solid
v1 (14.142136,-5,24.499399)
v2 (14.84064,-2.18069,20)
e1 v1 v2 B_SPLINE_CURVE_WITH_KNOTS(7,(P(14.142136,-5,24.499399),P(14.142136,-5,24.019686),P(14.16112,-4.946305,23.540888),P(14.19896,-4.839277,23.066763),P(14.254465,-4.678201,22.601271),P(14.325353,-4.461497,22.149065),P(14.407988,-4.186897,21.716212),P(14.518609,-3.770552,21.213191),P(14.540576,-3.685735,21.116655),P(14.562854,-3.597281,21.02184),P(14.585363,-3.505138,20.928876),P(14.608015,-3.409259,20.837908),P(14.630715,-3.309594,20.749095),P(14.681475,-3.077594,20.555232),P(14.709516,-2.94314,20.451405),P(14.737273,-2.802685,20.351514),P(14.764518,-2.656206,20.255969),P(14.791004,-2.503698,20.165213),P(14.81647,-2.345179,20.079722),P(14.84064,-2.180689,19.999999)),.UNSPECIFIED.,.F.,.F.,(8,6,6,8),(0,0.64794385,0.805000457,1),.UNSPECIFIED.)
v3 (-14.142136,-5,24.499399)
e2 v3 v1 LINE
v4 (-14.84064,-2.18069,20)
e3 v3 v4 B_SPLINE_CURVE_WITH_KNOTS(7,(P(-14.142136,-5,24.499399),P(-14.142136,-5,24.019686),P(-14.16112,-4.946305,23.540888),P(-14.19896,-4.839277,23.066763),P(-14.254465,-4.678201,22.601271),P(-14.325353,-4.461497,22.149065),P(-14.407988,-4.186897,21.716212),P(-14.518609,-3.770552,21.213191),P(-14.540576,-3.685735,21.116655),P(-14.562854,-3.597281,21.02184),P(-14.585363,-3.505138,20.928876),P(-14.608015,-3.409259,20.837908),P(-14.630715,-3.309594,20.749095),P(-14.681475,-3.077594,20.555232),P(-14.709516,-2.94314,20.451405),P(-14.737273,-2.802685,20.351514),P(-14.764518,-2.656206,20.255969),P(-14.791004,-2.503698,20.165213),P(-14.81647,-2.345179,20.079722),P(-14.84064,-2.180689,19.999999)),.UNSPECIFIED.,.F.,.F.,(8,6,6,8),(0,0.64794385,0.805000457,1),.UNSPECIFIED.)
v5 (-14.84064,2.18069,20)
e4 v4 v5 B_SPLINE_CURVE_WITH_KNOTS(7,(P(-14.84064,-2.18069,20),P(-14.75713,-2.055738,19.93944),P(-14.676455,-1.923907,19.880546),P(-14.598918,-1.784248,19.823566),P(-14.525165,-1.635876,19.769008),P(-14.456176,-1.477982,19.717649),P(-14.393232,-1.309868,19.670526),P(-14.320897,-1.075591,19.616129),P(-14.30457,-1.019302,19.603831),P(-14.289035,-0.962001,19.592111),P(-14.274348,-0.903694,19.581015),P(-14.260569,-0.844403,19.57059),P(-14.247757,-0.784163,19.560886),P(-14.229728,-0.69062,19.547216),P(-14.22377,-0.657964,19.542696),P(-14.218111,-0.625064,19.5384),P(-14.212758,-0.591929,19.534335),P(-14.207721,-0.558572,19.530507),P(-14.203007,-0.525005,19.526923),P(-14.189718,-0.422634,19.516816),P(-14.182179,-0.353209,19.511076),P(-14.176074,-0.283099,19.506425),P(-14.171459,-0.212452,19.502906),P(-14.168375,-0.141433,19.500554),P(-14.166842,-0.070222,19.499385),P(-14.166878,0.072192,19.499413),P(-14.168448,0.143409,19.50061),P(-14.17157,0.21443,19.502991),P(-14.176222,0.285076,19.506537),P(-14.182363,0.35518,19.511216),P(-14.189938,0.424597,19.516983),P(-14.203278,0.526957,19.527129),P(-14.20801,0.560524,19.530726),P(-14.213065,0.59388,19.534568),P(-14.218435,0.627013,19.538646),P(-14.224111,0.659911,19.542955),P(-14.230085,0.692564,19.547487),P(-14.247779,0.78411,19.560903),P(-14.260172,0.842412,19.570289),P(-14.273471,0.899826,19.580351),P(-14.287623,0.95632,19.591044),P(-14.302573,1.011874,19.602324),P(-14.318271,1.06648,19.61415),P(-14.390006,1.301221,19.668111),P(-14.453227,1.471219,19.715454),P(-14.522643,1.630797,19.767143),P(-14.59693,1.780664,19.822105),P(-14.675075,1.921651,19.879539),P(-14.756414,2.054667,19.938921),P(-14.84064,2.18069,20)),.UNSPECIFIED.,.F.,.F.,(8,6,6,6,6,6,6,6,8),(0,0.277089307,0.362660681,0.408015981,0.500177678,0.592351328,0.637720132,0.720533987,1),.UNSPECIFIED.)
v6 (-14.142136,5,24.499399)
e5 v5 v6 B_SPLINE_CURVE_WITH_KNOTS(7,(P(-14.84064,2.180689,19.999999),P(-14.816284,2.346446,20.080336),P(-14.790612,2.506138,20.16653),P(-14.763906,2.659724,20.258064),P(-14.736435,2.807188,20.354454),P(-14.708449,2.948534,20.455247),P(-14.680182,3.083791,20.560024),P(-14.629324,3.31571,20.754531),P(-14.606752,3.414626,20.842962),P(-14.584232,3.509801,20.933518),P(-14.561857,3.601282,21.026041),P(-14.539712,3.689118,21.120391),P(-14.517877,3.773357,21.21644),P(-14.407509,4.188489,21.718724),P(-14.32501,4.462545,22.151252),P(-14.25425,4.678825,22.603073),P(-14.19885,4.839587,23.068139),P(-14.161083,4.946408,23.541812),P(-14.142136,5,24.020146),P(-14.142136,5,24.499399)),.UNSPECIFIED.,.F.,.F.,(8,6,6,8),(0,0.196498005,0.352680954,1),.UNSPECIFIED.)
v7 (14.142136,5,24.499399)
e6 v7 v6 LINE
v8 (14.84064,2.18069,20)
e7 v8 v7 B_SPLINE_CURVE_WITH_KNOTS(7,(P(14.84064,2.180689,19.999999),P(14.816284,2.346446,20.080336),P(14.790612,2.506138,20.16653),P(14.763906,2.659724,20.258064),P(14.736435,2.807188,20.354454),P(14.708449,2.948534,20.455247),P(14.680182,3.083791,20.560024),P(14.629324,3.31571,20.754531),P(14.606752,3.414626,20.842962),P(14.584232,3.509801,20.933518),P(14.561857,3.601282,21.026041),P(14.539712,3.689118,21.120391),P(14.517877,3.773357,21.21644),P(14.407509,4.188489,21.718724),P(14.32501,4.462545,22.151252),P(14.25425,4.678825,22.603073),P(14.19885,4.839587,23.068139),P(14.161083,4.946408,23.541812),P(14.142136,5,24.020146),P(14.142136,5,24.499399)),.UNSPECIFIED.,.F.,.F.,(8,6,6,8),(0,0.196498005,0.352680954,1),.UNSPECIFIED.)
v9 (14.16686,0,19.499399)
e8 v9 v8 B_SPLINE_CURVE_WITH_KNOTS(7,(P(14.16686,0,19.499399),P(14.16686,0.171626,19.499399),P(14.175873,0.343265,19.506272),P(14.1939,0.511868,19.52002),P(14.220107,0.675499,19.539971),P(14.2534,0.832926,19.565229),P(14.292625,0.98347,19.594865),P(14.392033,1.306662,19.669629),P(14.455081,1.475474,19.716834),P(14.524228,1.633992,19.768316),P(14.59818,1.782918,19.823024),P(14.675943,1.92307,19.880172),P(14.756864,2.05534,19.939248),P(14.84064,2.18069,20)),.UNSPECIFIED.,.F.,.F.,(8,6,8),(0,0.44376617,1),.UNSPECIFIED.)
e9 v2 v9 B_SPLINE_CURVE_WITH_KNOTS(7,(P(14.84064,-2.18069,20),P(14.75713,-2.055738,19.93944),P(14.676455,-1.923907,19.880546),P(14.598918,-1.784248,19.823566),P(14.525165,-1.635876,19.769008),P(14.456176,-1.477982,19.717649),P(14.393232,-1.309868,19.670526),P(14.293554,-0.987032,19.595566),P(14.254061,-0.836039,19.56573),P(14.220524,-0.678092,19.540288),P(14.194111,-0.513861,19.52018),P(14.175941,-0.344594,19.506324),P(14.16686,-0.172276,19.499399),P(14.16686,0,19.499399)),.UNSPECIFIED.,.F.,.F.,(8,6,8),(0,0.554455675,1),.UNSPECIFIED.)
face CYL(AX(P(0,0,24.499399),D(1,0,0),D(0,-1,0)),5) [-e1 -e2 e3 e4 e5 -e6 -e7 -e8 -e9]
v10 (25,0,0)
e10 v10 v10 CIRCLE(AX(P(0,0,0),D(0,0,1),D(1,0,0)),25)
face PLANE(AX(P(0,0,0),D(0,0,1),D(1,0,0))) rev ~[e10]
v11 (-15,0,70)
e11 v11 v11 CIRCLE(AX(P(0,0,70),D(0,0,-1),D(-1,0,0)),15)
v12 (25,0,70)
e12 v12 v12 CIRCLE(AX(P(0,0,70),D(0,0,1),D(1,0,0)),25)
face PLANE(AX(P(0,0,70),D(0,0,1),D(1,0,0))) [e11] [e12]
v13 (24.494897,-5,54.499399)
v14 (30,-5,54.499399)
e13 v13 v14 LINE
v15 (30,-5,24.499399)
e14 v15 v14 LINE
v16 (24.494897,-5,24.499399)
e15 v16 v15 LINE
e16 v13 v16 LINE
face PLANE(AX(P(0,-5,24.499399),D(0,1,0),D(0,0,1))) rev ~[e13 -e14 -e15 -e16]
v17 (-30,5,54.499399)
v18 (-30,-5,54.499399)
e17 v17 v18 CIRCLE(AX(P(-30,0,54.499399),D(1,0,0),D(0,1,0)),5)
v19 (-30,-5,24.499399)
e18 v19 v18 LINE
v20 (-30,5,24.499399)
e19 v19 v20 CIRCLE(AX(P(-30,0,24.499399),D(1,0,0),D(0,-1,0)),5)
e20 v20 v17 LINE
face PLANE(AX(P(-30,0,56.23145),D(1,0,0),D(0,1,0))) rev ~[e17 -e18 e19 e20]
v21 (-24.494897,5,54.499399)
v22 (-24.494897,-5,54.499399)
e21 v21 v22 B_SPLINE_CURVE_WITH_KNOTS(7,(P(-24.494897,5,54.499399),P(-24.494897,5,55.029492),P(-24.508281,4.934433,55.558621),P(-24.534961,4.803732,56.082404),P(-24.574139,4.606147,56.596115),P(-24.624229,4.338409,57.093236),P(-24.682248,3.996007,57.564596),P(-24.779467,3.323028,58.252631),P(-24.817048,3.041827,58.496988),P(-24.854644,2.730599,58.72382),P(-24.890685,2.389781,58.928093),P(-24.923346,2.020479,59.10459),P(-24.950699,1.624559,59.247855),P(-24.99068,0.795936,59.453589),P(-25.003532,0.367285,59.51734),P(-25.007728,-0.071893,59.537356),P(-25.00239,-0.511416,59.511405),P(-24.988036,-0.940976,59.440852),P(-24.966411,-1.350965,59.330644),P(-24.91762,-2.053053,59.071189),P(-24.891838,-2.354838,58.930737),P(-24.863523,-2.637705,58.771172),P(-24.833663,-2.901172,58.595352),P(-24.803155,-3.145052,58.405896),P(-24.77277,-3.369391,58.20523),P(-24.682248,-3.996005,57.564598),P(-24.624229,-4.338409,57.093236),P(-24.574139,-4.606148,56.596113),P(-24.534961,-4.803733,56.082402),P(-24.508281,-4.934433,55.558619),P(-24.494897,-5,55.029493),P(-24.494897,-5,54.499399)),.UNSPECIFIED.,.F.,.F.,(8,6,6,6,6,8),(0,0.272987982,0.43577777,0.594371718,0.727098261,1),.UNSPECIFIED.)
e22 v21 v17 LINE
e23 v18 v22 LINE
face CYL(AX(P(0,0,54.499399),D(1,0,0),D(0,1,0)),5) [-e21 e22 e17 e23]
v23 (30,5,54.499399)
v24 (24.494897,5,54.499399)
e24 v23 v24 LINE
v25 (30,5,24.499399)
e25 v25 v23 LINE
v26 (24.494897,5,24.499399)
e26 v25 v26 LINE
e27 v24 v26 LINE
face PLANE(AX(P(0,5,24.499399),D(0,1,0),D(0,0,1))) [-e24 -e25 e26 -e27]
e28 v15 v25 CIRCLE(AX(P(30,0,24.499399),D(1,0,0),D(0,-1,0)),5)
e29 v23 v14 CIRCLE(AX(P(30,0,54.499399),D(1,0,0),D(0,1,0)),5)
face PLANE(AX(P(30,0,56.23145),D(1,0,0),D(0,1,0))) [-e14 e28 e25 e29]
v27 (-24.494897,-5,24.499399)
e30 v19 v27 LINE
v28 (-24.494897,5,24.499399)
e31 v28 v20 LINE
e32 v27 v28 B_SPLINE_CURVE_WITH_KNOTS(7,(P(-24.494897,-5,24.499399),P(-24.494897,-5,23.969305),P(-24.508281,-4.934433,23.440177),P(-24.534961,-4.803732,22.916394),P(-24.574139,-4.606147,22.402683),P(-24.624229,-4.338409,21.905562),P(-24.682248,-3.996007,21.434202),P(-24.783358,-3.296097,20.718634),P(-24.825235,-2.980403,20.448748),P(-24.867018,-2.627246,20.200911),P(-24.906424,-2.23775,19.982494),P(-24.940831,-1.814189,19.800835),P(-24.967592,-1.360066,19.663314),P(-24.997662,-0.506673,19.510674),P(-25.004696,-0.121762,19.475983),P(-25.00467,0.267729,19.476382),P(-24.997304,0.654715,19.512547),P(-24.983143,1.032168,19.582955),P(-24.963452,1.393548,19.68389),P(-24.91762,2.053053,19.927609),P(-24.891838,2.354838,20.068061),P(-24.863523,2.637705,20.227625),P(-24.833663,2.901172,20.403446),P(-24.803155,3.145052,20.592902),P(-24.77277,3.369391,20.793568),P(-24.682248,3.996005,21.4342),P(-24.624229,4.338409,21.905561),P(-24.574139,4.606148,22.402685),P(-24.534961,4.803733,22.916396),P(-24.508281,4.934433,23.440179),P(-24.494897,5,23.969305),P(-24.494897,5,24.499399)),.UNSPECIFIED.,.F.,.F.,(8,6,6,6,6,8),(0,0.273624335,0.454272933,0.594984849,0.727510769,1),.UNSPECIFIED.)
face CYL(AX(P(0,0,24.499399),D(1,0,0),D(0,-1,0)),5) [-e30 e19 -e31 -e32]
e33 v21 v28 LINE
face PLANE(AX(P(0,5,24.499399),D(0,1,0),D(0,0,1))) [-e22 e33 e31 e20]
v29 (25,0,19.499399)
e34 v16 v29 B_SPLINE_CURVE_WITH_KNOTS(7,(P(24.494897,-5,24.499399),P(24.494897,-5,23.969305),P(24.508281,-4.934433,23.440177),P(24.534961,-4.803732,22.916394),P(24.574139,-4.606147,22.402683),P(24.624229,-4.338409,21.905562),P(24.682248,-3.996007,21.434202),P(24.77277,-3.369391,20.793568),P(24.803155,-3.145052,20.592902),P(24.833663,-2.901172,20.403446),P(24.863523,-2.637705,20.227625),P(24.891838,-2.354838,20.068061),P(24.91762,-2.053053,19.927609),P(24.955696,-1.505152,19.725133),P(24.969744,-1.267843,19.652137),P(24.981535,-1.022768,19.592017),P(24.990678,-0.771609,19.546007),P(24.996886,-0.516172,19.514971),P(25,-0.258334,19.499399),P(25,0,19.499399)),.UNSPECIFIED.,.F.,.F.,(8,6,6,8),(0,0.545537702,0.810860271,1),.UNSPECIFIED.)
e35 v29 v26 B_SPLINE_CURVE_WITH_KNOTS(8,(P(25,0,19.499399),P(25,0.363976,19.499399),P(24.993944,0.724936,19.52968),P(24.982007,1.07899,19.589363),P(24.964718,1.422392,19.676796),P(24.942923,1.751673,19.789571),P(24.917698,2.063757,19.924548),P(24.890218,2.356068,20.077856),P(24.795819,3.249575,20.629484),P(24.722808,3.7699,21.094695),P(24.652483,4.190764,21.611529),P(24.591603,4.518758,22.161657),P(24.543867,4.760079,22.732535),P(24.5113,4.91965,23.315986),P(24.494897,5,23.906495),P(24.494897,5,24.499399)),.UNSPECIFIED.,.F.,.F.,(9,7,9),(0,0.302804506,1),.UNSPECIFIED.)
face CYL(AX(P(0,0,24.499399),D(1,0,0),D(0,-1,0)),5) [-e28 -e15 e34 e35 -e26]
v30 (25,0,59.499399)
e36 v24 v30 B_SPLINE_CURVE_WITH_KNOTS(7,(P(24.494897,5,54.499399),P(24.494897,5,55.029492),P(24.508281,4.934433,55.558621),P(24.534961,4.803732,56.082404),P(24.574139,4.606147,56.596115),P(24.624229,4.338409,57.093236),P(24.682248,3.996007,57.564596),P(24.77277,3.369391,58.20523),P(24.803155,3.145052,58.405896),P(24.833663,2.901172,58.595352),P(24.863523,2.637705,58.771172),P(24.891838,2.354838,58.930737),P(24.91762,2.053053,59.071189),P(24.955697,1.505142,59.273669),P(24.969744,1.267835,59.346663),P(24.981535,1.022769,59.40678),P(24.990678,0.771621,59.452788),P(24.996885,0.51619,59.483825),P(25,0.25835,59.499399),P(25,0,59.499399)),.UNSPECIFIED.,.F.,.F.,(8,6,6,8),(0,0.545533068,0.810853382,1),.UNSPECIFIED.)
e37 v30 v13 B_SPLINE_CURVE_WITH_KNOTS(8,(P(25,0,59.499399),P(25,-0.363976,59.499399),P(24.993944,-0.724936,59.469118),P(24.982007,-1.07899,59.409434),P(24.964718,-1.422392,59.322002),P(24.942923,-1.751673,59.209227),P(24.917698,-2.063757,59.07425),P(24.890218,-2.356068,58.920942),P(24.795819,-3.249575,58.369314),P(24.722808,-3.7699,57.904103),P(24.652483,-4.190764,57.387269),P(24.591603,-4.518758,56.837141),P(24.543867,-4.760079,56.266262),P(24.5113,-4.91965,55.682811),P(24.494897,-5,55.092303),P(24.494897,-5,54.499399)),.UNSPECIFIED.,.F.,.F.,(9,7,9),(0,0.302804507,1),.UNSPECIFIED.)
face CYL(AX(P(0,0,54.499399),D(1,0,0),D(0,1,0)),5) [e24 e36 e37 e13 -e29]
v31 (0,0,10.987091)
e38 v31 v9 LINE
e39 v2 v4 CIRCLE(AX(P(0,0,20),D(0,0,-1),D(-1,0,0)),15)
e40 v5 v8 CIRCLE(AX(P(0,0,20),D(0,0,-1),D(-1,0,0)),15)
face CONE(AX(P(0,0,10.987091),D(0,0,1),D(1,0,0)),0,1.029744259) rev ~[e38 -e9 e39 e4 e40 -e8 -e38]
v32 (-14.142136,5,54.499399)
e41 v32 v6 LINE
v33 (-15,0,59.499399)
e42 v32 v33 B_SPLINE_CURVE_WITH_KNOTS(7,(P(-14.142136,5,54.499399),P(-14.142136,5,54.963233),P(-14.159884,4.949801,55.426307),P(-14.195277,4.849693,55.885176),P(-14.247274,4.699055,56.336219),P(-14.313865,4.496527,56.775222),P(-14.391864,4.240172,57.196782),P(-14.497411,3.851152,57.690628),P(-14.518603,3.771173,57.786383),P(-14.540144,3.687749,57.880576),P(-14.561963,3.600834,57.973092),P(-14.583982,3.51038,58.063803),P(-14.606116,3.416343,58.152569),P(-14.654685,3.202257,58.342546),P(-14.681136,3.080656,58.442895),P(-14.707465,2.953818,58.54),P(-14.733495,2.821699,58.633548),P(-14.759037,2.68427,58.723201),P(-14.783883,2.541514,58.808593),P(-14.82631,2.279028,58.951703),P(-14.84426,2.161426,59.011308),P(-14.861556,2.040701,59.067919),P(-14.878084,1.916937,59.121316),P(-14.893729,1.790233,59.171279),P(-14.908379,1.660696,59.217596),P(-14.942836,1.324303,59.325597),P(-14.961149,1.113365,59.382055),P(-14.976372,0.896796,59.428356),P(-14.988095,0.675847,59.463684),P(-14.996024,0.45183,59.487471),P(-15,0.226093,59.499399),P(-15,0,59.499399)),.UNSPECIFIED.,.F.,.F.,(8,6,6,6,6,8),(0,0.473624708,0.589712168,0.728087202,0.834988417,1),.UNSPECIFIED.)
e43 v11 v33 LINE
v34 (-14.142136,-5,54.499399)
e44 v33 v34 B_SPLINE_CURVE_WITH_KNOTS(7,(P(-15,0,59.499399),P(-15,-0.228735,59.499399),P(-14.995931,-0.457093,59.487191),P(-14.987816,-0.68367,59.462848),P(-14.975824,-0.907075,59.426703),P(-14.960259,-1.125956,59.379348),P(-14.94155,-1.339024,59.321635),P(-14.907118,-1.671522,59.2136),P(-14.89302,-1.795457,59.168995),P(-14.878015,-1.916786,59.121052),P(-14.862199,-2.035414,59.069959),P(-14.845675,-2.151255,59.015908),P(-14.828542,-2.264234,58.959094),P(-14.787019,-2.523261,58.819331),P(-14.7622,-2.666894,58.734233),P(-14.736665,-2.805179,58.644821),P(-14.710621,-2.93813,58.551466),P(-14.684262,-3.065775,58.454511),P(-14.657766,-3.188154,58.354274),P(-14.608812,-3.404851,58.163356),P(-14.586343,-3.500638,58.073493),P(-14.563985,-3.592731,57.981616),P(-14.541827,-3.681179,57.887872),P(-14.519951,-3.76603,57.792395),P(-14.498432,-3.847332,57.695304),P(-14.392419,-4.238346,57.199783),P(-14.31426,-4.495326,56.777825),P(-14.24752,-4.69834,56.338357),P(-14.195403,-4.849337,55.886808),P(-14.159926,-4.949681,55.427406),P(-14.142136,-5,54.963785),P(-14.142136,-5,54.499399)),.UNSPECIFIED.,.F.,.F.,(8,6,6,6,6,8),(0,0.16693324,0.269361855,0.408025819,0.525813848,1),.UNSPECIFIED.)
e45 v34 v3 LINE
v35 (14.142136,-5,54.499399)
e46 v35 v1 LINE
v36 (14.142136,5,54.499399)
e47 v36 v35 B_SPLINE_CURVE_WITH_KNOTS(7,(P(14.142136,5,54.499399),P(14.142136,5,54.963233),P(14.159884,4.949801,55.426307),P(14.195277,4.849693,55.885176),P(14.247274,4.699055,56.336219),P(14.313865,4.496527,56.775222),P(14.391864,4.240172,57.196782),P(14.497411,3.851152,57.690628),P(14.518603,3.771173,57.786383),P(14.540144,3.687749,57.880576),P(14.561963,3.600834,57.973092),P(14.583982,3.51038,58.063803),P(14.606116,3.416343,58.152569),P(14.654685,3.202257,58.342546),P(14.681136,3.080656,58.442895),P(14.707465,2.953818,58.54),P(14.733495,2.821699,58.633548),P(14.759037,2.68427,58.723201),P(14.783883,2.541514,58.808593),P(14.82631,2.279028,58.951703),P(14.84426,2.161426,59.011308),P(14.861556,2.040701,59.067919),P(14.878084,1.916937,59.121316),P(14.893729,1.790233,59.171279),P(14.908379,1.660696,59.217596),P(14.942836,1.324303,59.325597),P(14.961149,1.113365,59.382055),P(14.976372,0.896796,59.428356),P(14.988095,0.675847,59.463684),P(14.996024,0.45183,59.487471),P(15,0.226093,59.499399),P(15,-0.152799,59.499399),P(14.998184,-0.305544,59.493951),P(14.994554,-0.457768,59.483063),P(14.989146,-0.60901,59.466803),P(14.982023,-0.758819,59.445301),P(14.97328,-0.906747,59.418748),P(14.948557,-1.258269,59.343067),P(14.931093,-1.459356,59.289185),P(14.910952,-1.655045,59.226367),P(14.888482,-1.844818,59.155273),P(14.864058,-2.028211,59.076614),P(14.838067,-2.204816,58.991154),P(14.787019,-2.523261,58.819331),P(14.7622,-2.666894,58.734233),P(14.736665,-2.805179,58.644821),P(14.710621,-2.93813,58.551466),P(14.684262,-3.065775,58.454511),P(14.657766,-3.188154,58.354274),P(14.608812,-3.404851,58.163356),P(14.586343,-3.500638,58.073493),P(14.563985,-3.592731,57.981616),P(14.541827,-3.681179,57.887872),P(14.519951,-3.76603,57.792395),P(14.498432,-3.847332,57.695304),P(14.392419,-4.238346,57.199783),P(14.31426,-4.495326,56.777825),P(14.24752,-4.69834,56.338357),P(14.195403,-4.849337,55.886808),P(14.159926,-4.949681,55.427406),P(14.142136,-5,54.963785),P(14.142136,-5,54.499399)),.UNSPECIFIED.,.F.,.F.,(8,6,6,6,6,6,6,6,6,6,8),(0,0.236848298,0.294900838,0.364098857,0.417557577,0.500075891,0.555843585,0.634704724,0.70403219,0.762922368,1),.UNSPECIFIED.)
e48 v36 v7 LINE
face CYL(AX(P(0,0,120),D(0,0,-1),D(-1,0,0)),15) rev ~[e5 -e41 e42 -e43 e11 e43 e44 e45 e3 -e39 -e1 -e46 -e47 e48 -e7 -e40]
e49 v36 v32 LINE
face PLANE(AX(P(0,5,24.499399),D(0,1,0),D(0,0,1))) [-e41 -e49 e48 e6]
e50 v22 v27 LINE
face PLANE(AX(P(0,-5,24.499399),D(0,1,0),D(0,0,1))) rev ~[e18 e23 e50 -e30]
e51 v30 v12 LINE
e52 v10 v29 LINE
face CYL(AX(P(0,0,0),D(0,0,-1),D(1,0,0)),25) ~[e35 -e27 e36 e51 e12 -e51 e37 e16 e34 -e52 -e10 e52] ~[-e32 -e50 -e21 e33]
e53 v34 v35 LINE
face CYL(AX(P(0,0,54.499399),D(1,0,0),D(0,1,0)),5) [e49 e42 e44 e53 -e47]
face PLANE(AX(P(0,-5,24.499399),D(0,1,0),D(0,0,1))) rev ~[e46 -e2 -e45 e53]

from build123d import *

# Parameters (mm, degrees)
F0_R     = 25
F1_DEPTH = 70
F3_D     = 30
F3_DEPTH = 50
F3_TIP   = 9.0129092854
F4_W     = 10
F4_H     = 30
F5_DEPTH = 30


with BuildPart() as f1:
    # F0 (on Top) → F1 (new body)
    with BuildSketch(Plane.XY):
        Circle(F0_R)
    extrude(amount=F1_DEPTH)

    # F3
    with Locations(Plane.XY.offset(70)):
        with Locations((0, 0)):
            Hole(F3_D / 2, depth=F3_DEPTH)
            with Locations((0, 0, -(F3_DEPTH + F3_TIP / 2))):  # 118° drill point
                Cone(0, F3_D / 2, F3_TIP, mode=Mode.SUBTRACT)

    # F4 (on Right) → F5 (join, symmetric)
    with BuildSketch(Plane.YZ):
        with BuildLine():
            ThreePointArc((5, 54.499398917), (0, 59.499398917), (-5, 54.499398917))
            Line((-5, 54.499398917), (5, 54.499398917))
        make_face()
        with Locations((0, 39.499398917)):
            Rectangle(F4_W, F4_H)
        with BuildLine():
            Line((5, 24.499398917), (-5, 24.499398917))
            ThreePointArc((-5, 24.499398917), (0, 19.499398917), (5, 24.499398917))
        make_face()
    extrude(amount=F5_DEPTH, both=True)


solid = f1.part
